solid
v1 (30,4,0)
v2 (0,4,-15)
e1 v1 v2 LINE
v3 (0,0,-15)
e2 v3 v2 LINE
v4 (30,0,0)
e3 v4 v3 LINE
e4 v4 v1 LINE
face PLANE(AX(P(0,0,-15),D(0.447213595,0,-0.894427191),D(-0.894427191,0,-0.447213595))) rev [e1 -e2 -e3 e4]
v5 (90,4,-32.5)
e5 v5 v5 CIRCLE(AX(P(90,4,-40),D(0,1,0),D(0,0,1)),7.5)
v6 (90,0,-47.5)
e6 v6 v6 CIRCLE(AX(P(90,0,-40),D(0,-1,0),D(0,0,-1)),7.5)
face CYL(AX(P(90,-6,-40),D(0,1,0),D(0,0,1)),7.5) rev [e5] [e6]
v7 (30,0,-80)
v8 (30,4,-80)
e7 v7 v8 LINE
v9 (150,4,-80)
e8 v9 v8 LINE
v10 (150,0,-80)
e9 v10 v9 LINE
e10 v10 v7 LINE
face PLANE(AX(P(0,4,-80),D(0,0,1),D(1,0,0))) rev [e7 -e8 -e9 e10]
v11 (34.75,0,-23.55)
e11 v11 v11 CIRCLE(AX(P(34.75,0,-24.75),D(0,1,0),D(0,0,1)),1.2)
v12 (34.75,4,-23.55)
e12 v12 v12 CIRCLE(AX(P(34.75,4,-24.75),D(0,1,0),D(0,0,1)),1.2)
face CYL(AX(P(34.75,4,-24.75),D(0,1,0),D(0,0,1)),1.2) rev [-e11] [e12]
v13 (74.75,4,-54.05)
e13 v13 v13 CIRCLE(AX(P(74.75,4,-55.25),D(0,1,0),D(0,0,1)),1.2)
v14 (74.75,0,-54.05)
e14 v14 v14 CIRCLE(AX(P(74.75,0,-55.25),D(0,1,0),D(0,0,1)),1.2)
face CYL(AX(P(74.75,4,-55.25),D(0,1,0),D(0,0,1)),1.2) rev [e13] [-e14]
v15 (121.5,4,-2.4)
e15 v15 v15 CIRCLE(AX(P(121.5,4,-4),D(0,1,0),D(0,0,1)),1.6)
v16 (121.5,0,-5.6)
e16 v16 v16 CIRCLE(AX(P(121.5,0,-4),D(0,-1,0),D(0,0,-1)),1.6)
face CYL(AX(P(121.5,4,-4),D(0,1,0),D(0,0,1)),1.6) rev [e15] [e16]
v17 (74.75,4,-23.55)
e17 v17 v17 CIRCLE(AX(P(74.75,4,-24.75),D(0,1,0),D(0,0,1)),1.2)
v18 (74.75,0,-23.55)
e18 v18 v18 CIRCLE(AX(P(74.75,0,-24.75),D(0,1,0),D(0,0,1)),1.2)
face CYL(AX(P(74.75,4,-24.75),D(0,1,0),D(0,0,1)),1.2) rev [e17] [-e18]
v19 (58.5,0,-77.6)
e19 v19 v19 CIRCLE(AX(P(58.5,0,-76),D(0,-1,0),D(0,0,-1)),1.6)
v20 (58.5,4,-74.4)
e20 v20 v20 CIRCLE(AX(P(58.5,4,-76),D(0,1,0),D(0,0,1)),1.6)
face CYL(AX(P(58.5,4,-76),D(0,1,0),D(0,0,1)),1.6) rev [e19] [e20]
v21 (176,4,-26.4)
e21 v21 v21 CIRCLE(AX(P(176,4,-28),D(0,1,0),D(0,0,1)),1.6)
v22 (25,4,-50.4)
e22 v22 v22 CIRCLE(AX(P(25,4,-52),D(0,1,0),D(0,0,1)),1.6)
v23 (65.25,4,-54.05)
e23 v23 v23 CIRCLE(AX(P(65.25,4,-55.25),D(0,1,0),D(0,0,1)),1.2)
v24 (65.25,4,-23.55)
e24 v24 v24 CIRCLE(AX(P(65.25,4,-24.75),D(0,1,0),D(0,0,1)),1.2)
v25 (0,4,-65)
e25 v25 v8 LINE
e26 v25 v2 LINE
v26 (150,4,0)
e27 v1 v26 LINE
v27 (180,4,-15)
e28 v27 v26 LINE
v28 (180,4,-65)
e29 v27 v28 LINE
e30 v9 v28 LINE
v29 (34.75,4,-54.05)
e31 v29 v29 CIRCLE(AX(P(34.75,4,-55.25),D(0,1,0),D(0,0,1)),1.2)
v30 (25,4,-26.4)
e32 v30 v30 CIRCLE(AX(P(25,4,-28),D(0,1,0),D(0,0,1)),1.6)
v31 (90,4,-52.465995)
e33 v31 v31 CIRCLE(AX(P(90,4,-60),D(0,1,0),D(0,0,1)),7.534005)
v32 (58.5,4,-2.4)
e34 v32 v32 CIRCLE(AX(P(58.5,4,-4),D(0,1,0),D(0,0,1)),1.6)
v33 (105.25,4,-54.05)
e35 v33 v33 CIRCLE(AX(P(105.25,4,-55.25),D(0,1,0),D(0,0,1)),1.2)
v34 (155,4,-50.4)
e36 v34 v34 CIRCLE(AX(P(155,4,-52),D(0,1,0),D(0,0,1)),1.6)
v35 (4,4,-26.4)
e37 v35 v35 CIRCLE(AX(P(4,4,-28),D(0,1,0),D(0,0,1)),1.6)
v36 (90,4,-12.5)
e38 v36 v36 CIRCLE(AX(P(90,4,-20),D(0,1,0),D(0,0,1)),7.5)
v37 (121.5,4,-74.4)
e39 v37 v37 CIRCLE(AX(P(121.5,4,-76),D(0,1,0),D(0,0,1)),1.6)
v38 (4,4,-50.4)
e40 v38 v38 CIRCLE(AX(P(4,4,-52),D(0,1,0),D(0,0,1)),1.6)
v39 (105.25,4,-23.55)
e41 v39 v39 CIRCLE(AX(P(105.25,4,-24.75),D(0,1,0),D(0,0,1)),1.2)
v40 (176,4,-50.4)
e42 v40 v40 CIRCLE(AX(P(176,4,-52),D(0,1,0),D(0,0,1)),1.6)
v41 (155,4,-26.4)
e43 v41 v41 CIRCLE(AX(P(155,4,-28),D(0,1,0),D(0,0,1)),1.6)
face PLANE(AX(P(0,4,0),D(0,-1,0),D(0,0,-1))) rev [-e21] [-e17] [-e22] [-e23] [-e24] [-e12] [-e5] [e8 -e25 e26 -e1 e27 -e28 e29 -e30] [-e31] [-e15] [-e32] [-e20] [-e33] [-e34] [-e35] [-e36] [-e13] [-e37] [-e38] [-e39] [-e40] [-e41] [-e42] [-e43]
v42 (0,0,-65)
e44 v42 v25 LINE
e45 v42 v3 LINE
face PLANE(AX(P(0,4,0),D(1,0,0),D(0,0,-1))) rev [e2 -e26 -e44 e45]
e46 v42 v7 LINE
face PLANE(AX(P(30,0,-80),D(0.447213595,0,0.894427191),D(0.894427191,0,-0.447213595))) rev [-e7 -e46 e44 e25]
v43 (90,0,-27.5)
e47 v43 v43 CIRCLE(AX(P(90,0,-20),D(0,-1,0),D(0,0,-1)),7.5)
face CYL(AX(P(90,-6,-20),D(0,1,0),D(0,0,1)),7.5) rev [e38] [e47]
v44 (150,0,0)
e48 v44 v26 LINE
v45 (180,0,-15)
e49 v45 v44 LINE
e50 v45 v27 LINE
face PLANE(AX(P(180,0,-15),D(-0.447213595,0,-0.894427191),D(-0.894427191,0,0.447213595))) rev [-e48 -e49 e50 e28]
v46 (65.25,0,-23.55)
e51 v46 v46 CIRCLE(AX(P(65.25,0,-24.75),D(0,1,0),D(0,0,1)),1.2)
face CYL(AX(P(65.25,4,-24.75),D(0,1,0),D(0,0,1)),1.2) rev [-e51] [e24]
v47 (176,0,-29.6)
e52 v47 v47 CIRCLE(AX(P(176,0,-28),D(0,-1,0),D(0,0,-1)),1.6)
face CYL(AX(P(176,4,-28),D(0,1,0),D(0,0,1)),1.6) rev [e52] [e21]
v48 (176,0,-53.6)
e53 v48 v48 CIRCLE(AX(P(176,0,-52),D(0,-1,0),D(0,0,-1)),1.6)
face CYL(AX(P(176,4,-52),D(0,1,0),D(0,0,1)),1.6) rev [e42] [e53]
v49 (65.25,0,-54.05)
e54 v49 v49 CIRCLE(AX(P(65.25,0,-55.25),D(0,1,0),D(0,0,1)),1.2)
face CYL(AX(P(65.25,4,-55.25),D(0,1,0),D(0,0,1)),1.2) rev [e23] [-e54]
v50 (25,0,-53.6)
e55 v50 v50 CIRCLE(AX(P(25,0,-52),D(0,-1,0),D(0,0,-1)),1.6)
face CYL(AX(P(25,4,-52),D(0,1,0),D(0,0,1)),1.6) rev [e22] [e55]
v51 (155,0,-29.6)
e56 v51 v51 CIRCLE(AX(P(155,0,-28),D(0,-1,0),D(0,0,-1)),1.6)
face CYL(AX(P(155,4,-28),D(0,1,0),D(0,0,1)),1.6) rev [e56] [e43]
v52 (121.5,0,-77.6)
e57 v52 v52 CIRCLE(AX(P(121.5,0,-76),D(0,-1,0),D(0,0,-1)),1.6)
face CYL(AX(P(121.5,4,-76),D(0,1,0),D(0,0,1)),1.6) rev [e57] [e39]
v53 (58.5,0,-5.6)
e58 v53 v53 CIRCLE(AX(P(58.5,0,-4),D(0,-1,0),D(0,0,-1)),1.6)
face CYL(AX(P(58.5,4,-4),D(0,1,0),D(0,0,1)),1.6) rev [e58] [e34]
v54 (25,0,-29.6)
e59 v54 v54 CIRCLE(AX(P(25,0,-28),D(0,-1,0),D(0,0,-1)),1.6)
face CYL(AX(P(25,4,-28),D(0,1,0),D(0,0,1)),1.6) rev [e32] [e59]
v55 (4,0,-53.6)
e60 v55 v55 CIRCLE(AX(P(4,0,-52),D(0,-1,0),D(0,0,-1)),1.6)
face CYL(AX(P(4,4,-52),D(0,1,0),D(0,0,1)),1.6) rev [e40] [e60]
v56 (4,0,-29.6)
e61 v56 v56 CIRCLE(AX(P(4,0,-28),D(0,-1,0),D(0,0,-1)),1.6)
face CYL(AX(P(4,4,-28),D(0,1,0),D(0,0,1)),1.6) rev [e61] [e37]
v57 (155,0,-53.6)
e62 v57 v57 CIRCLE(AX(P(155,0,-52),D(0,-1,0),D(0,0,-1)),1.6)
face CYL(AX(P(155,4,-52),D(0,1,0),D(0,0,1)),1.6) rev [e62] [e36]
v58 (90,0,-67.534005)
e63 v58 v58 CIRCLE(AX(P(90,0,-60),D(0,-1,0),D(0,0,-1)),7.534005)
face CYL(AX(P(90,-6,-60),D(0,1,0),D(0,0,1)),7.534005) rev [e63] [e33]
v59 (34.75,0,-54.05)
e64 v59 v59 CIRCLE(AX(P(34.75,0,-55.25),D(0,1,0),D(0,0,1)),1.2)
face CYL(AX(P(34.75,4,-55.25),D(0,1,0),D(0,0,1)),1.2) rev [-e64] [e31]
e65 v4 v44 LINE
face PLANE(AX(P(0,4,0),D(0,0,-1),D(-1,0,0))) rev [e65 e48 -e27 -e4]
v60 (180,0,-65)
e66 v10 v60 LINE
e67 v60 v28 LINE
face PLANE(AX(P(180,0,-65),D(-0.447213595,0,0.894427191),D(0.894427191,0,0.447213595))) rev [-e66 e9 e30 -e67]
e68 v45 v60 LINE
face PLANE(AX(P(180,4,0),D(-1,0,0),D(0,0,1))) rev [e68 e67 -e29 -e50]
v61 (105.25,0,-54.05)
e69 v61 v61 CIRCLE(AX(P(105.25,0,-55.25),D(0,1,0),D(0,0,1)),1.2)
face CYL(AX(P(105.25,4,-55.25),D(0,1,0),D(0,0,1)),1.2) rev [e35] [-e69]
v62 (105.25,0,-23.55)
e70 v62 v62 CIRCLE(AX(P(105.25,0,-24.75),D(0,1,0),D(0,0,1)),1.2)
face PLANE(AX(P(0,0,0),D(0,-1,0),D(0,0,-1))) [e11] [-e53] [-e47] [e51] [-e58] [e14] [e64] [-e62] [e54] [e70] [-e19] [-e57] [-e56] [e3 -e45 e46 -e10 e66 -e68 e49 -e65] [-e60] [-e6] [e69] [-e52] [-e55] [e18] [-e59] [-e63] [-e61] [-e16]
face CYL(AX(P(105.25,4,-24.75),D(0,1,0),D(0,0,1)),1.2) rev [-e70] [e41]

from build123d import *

# Parameters (mm, degrees)
ESQUISSE1_W             = 180
ESQUISSE1_H             = 80
BOSS_EXTRU_1_DEPTH      = 4
ENL_V_MAT_EXTRU_1_DEPTH = 4
D_GAGEMENT_M22_D        = 2.4
D_GAGEMENT_M23_D        = 2.4
D_GAGEMENT_M31_D        = 3.2
D_GAGEMENT_M31_DEPTH    = 4
ESQUISSE17_R            = 7.534005168
ESQUISSE17_R_2          = 7.5
ENL_V_MAT_EXTRU_2_DEPTH = 10


with BuildPart() as part:
    # Esquisse1 → Boss.-Extru.1 (new body)
    with BuildSketch(Plane(origin=(0, 0, 0), x_dir=(1, 0, 0), z_dir=(0, 1, 0))):
        with Locations((90, 40)):
            Rectangle(ESQUISSE1_W, ESQUISSE1_H)
    extrude(amount=BOSS_EXTRU_1_DEPTH)

    # Esquisse2 → Enlèv. mat.-Extru.1 (cut)
    with BuildSketch(Plane(origin=(0, 4, 0), x_dir=(1, 0, 0), z_dir=(0, 1, 0))):
        Polygon((0, 15), (30, 0), (0, 0), align=None)
        Polygon((30, 80), (0, 65), (0, 80), align=None)
        Polygon((150, 80), (180, 80), (180, 65), align=None)
        Polygon((180, 15), (150, 0), (180, 0), align=None)
    extrude(amount=-ENL_V_MAT_EXTRU_1_DEPTH, mode=Mode.SUBTRACT)

    # Dégagement M22 (through all)
    with Locations(Plane(origin=(0, 4, 0), x_dir=(1, 0, 0), z_dir=(0, 1, 0))):
        with Locations((74.75, 55.25), (105.25, 55.25), (105.25, 24.75), (74.75, 24.75)):
            Hole(D_GAGEMENT_M22_D / 2)

    # Dégagement M23 (through all)
    with Locations(Plane(origin=(0, 4, 0), x_dir=(1, 0, 0), z_dir=(0, 1, 0))):
        with Locations((34.75, 24.75), (65.25, 24.75), (65.25, 55.25), (34.75, 55.25)):
            Hole(D_GAGEMENT_M23_D / 2)

    # Dégagement M31
    with Locations(Plane(origin=(0, 4, 0), x_dir=(1, 0, 0), z_dir=(0, 1, 0))):
        with Locations((4, 52), (4, 28), (25, 28), (25, 52), (58.5, 76), (58.5, 4), (121.5, 4), (121.5, 76), (155, 52), (176, 52), (176, 28), (155, 28)):
            Hole(D_GAGEMENT_M31_D / 2, depth=D_GAGEMENT_M31_DEPTH)

    # Esquisse17 → Enlèv. mat.-Extru.2 (cut)
    with BuildSketch(Plane(origin=(0, 4, 0), x_dir=(1, 0, 0), z_dir=(0, 1, 0))):
        with Locations((90, 60)):
            Circle(ESQUISSE17_R)
        with Locations((90, 40)):
            Circle(ESQUISSE17_R_2)
        with Locations((90, 20)):
            Circle(ESQUISSE17_R_2)
    extrude(amount=-ENL_V_MAT_EXTRU_2_DEPTH, mode=Mode.SUBTRACT)


solid = part.part
